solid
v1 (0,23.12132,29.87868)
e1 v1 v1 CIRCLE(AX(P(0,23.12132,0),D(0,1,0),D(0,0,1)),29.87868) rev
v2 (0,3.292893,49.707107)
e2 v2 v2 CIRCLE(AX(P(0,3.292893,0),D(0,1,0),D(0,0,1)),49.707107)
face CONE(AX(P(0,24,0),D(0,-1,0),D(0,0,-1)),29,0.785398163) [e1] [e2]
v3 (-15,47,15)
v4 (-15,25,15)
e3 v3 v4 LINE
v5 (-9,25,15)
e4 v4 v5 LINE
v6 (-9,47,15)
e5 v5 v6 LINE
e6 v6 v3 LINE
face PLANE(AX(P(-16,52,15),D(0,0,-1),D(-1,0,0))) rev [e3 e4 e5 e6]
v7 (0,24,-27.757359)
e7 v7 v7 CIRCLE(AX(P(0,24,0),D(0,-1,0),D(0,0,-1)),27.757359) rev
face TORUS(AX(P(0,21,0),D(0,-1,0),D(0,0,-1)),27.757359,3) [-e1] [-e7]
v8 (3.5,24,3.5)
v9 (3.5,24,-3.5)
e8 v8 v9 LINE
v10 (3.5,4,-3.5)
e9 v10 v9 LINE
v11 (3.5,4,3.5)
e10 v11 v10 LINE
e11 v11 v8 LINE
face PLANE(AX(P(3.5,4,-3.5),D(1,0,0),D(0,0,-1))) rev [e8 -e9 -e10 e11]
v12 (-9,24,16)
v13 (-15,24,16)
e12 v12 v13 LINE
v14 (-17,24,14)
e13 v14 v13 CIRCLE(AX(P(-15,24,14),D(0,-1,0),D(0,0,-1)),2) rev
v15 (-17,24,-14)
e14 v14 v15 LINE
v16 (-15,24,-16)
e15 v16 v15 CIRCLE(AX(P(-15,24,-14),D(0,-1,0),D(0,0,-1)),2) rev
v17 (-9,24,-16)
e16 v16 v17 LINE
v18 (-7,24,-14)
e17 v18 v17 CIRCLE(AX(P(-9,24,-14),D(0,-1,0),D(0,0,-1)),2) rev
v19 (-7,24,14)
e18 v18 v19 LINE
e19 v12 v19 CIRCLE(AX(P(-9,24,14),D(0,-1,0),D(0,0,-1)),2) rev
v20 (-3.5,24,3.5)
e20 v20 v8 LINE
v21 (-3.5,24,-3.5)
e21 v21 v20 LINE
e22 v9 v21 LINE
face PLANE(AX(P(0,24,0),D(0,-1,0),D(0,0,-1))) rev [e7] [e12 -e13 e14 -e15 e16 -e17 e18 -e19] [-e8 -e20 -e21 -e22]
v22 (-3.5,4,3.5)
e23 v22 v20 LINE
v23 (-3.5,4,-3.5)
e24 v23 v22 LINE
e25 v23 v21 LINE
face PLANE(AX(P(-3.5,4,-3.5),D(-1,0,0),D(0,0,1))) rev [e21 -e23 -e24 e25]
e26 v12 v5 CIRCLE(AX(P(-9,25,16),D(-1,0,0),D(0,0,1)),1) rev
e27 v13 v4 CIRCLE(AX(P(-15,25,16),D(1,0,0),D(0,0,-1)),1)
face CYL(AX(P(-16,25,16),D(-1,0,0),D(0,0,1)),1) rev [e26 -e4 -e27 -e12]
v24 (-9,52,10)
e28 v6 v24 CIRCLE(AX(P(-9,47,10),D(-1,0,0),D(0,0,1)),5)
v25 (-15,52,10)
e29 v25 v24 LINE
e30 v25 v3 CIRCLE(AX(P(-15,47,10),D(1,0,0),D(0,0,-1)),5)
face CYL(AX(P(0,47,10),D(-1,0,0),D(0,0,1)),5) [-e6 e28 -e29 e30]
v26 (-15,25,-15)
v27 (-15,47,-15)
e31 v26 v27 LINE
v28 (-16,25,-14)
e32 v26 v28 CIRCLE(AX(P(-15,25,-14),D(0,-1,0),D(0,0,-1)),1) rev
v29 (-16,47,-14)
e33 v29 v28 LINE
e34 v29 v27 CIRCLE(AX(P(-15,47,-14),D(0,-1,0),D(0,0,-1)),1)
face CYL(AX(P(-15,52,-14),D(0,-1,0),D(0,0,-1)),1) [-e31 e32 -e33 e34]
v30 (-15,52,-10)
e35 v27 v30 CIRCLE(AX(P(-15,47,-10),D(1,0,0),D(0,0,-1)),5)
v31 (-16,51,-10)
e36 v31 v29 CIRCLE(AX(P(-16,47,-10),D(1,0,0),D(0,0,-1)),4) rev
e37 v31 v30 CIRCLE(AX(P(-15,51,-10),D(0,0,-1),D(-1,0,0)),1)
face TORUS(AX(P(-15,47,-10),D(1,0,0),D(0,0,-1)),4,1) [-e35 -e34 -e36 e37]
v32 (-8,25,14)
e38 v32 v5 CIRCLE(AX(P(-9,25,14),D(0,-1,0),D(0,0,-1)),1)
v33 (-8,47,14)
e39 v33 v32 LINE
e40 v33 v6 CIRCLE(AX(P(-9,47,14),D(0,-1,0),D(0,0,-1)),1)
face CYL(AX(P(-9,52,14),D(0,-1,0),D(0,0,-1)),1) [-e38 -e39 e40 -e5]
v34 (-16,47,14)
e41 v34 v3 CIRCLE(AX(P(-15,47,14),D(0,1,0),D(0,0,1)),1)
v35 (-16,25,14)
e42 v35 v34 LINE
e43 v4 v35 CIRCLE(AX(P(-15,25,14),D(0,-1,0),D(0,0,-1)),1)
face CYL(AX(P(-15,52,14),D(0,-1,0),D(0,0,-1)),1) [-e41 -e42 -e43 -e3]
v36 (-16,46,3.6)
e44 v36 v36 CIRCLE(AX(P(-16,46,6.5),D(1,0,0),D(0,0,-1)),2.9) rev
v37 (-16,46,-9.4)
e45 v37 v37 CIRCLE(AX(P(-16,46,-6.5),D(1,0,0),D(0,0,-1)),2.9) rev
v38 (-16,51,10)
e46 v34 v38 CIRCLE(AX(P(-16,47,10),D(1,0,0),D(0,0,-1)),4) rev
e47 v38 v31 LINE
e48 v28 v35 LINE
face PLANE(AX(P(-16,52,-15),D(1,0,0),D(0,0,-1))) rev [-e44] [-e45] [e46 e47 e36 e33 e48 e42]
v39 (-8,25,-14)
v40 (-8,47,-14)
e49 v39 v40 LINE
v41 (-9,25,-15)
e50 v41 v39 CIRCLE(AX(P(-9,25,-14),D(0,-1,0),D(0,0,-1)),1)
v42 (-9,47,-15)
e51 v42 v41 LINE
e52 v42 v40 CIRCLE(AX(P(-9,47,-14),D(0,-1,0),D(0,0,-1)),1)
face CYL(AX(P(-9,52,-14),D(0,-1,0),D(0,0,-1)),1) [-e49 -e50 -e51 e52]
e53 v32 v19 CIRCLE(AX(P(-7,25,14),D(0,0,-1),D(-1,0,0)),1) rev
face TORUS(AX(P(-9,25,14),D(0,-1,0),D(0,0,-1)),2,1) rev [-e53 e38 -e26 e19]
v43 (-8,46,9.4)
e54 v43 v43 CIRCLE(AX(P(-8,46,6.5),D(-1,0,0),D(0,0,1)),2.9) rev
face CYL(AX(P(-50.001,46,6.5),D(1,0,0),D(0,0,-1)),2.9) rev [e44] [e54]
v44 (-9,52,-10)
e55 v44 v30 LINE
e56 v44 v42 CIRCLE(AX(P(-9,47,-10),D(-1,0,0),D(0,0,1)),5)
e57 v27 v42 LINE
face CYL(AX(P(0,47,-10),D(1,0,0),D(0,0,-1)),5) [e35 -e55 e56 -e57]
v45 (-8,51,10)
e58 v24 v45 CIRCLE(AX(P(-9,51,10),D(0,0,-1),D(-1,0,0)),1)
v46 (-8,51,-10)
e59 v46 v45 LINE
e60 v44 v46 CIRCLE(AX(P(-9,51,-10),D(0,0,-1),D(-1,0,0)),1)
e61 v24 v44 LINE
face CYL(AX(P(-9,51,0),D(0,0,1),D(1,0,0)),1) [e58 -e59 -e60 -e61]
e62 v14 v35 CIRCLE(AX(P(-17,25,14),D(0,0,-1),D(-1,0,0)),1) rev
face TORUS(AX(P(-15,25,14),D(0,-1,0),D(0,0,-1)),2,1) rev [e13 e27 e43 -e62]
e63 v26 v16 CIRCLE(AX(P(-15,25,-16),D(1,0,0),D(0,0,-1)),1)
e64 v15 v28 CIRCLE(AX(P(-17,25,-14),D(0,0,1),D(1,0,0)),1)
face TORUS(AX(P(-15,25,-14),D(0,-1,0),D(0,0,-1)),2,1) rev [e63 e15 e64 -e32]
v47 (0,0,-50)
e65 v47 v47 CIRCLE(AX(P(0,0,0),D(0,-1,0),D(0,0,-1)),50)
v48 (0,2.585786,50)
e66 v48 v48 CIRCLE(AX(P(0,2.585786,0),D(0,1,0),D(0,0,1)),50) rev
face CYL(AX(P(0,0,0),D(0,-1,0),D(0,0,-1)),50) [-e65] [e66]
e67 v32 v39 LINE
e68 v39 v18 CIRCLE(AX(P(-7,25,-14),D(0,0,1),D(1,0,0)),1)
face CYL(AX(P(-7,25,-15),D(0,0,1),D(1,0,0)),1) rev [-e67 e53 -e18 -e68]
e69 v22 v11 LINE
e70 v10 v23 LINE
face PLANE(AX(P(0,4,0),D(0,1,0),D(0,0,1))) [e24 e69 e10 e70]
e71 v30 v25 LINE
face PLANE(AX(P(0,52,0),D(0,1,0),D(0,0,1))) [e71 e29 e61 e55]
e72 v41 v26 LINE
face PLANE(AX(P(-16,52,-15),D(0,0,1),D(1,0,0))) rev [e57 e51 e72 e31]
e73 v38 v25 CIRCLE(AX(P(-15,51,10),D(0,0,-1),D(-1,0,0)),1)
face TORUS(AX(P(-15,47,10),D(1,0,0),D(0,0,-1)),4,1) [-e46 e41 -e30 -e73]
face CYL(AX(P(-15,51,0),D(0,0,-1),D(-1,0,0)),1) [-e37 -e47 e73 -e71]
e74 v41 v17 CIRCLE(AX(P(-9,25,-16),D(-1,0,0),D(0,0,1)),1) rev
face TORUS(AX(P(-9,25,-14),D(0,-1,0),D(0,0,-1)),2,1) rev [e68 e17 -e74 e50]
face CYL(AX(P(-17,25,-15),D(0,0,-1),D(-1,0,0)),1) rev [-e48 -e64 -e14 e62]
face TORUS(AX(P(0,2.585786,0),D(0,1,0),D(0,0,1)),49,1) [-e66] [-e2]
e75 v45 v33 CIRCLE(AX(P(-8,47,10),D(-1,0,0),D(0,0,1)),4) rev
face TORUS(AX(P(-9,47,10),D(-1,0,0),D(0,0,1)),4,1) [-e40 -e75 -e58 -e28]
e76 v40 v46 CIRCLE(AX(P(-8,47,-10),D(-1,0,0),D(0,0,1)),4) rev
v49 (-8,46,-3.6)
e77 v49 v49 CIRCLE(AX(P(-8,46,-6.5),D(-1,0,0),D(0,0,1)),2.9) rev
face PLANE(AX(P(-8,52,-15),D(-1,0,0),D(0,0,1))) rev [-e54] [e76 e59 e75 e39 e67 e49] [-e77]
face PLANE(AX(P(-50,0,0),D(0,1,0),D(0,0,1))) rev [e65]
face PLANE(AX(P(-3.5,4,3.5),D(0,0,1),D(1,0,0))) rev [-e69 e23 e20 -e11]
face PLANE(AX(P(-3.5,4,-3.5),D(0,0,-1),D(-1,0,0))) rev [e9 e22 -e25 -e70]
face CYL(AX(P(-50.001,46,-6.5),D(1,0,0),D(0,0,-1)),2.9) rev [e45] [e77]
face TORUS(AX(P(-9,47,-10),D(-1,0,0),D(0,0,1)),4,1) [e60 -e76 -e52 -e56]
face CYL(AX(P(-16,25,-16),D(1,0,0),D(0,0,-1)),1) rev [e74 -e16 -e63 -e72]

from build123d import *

# Parameters (mm, degrees)
SKETCH2_W           = 8
SKETCH2_H           = 30
BOSS_EXTRUDE1_DEPTH = 28
CUT_EXTRUDE1_REACH  = 52
SKETCH3_R           = 2.9
FILLET1_R           = 5
FILLET2_R           = 3
FILLET3_R           = 1
FILLET4_R           = 1
SKETCH4_W           = 7
SKETCH4_H           = 7
CUT_EXTRUDE2_DEPTH  = 20


with BuildPart() as part:
    # Sketch1 → Revolve1 (revolve)
    with BuildSketch(Plane.XY):
        Polygon((0, 0), (0, 24), (-29, 24), (-50, 3), (-50, 0), align=None)
    revolve(axis=Axis((0, 0, 0), (0, 1, 0)))

    # Sketch2 → Boss-Extrude1 (add)
    with BuildSketch(Plane(origin=(0, 24, 0), x_dir=(1, 0, 0), z_dir=(0, 1, 0))):
        with Locations((-12, 0)):
            Rectangle(SKETCH2_W, SKETCH2_H)
    extrude(amount=BOSS_EXTRUDE1_DEPTH)

    # Sketch3 → Cut-Extrude1 (cut, up to next)
    with BuildSketch(Plane(origin=(0, 0, 0), x_dir=(0, 0, -1), z_dir=(1, 0, 0)), mode=Mode.PRIVATE) as cut_extrude1_sk1:
        with Locations((-6.5, 46)):
            Circle(SKETCH3_R)
    cut_extrude1_tool1 = extrude(cut_extrude1_sk1.sketch, amount=-CUT_EXTRUDE1_REACH, mode=Mode.PRIVATE) & part.part
    add(cut_extrude1_tool1.solids().sort_by_distance((0, 46, 6.5))[0], mode=Mode.SUBTRACT)
    # Sketch3 → Cut-Extrude1 (cut, up to next)
    with BuildSketch(Plane(origin=(0, 0, 0), x_dir=(0, 0, -1), z_dir=(1, 0, 0)), mode=Mode.PRIVATE) as cut_extrude1_sk2:
        with Locations((6.5, 46)):
            Circle(SKETCH3_R)
    cut_extrude1_tool2 = extrude(cut_extrude1_sk2.sketch, amount=-CUT_EXTRUDE1_REACH, mode=Mode.PRIVATE) & part.part
    add(cut_extrude1_tool2.solids().sort_by_distance((0, 46, -6.5))[0], mode=Mode.SUBTRACT)

    # Fillet1
    fillet1_edges = [part.edges().sort_by_distance(p)[0] for p in [
        (-12, 52, 15),
        (-12, 52, -15),
    ]]
    fillet(fillet1_edges, radius=FILLET1_R)

    # Fillet2
    fillet2_edges = [part.edges().sort_by_distance(p)[0] for p in [
        (29, 24, 0),
    ]]
    fillet(fillet2_edges, radius=FILLET2_R)

    # Fillet3
    fillet3_edges = [part.edges().sort_by_distance(p)[0] for p in [
        (50, 3, 0),
    ]]
    fillet(fillet3_edges, radius=FILLET3_R)

    # Fillet4
    fillet4_edges = [part.edges().sort_by_distance(p)[0] for p in [
        (-16, 24, 0),
        (-12, 24, 15),
        (-8, 24, 0),
        (-12, 24, -15),
        (-16, 52, 0),
        (-8, 52, 0),
        (-16, 35.5, 15),
        (-16, 35.5, -15),
        (-16, 50.535533906, 13.535533906),
        (-16, 50.535533906, -13.535533906),
        (-8, 35.5, -15),
        (-8, 35.5, 15),
        (-8, 50.535533906, 13.535533906),
        (-8, 50.535533906, -13.535533906),
    ]]
    fillet(fillet4_edges, radius=FILLET4_R)

    # Sketch4 → Cut-Extrude2 (cut)
    with BuildSketch(Plane(origin=(0, 24, 0), x_dir=(1, 0, 0), z_dir=(0, 1, 0))):
        Rectangle(SKETCH4_W, SKETCH4_H)
    extrude(amount=-CUT_EXTRUDE2_DEPTH, mode=Mode.SUBTRACT)


solid = part.part
